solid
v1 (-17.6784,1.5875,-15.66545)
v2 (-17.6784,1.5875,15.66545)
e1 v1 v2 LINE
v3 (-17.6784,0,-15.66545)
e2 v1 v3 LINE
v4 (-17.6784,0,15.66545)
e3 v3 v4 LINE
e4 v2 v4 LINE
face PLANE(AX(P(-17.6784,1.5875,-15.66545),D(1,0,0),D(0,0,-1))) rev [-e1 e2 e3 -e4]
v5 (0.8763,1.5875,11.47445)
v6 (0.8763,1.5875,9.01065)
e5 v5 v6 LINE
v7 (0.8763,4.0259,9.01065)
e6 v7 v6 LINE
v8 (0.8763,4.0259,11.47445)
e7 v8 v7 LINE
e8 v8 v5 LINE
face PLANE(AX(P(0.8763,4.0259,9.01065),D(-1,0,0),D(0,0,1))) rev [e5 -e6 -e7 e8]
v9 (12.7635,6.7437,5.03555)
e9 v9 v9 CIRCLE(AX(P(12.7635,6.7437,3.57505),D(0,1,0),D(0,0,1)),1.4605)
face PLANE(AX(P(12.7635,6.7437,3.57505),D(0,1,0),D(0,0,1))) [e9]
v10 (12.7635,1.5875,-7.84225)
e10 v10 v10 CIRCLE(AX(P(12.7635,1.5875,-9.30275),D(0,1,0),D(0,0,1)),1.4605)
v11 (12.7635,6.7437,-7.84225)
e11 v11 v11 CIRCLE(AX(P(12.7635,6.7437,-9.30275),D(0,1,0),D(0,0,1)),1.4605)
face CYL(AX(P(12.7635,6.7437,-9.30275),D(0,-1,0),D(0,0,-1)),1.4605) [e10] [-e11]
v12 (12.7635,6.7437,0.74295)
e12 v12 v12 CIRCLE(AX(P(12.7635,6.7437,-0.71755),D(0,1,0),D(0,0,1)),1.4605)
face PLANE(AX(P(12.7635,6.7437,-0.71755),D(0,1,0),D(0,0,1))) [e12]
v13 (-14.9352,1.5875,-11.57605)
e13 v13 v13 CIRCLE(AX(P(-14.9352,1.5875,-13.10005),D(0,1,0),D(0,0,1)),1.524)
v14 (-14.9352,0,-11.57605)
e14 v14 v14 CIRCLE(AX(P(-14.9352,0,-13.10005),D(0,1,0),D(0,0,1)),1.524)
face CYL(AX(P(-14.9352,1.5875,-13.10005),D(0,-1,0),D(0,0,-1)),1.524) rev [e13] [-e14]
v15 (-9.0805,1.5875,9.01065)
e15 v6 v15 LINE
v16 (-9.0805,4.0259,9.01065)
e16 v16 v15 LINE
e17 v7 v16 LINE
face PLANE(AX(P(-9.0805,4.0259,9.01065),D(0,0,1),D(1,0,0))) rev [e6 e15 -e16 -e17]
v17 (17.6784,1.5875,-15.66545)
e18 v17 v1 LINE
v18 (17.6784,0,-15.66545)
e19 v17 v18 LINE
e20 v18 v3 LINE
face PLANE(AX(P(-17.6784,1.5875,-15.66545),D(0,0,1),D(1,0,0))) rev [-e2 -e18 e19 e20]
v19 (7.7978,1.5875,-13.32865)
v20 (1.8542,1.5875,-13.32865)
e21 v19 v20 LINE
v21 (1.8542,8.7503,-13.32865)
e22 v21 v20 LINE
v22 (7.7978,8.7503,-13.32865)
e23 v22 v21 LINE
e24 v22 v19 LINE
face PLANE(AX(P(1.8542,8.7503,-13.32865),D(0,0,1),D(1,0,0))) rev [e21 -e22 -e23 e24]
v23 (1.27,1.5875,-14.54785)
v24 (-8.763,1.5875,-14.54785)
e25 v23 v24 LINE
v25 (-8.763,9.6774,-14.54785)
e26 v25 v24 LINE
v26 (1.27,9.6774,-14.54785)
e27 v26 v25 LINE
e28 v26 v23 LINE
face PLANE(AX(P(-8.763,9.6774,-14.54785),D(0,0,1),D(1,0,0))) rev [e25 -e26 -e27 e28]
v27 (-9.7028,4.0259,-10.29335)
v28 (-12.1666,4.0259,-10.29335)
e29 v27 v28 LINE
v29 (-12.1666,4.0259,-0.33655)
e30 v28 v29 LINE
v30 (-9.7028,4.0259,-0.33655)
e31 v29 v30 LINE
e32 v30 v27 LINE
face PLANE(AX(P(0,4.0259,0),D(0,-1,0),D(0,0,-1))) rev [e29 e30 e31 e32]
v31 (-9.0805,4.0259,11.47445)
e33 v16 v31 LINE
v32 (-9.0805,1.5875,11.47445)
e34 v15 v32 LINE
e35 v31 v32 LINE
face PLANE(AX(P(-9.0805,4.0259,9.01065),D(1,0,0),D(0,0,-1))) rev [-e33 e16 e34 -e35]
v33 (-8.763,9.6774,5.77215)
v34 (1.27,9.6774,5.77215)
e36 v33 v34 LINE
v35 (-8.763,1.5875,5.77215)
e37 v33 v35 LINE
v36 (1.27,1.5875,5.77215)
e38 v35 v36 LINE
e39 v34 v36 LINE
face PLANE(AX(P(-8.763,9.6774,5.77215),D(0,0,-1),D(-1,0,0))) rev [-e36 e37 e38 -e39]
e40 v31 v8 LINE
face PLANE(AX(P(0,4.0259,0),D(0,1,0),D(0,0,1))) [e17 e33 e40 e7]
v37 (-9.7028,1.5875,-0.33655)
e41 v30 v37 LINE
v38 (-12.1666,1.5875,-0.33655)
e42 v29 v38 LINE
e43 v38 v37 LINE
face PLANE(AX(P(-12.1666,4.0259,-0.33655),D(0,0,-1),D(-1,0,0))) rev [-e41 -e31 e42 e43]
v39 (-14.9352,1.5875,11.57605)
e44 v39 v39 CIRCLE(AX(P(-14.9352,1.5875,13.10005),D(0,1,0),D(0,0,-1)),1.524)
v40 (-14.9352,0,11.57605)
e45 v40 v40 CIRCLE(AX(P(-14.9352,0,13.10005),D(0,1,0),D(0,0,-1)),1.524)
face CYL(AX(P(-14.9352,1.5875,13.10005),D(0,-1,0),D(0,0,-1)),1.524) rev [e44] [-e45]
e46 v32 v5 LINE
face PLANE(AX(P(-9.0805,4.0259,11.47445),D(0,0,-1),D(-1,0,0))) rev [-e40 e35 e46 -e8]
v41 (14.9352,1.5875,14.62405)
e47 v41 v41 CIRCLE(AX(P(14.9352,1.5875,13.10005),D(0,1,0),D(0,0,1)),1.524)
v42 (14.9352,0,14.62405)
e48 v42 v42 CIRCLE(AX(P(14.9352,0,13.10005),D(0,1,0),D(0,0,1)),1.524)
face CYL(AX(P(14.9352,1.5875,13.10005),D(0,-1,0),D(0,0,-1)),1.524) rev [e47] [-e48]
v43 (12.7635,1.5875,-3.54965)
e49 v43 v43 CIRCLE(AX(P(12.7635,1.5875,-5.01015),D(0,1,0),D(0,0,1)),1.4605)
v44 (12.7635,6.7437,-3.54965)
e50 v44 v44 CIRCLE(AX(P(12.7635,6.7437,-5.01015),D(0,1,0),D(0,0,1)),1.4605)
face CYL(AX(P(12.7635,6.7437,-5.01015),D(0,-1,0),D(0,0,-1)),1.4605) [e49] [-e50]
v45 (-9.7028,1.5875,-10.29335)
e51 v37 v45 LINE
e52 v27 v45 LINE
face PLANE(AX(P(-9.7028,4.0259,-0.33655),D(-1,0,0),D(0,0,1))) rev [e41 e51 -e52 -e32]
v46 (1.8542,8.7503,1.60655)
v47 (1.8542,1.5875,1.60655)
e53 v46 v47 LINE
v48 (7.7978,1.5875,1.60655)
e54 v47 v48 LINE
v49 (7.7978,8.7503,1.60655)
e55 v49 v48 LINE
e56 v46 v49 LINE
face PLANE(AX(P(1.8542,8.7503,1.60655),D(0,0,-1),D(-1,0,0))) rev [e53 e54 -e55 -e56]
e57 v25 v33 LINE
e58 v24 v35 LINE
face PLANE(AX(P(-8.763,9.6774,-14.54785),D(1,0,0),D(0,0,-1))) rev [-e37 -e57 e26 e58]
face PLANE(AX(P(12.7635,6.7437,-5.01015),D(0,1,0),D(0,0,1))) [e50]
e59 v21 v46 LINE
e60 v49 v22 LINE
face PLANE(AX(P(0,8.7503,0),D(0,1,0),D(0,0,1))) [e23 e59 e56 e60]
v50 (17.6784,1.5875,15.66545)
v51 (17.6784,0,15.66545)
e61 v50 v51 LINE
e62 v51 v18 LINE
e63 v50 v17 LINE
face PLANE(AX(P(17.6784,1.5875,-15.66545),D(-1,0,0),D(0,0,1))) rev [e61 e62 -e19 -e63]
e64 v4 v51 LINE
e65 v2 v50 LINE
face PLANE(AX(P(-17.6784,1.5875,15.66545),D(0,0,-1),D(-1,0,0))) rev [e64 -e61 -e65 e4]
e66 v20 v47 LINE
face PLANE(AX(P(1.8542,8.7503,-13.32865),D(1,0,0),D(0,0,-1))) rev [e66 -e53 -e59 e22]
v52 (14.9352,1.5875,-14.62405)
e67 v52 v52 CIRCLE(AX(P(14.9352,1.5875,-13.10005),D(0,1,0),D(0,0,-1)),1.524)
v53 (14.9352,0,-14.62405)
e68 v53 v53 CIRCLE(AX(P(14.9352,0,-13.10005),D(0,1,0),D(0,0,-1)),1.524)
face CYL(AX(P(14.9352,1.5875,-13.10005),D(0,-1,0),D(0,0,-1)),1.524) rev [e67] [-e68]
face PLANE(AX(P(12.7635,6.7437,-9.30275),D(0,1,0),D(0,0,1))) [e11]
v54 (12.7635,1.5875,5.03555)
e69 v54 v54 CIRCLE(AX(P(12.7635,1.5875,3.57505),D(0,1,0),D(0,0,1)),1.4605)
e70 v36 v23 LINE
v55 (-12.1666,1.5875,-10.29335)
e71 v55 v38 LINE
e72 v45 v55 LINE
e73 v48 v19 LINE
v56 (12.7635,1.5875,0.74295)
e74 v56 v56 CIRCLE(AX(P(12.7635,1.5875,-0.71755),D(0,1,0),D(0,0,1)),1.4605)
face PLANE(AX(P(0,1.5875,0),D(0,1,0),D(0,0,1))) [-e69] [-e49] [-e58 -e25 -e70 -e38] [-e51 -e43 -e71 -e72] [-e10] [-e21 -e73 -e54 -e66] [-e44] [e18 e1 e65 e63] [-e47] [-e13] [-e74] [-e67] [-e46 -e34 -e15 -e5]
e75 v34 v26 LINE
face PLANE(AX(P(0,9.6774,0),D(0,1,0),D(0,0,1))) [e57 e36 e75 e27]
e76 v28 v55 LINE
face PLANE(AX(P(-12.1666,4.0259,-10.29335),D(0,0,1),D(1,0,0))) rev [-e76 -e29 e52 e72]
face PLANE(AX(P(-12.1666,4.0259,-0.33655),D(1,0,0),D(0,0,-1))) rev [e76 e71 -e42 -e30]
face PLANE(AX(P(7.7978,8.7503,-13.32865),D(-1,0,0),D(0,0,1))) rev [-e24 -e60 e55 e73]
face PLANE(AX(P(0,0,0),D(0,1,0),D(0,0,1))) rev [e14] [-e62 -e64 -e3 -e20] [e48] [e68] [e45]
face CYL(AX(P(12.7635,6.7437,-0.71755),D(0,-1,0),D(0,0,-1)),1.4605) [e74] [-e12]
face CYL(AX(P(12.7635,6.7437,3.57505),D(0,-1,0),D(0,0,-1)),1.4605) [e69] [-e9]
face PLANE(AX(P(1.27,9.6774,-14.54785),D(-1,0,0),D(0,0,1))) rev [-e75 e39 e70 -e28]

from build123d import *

# Parameters (mm, degrees)
SKETCH1_W           = 35.3568
SKETCH1_H           = 31.3309
SKETCH1_R           = 1.524
BOSS_EXTRUDE1_DEPTH = 1.5875
SKETCH2_W           = 2.4638
SKETCH2_H           = 9.9568
SKETCH2_W_2         = 9.9568
SKETCH2_H_2         = 2.4638
BOSS_EXTRUDE2_DEPTH = 2.4384
SKETCH3_W           = 10.033
SKETCH3_H           = 20.32
BOSS_EXTRUDE3_DEPTH = 8.0899
SKETCH4_W           = 5.9436
SKETCH4_H           = 14.9352
BOSS_EXTRUDE4_DEPTH = 7.1628
SKETCH5_R           = 1.4605
BOSS_EXTRUDE5_DEPTH = 5.1562


with BuildPart() as part:
    # Sketch1 → Boss-Extrude1 (new body)
    with BuildSketch(Plane(origin=(0, 0, 0), x_dir=(1, 0, 0), z_dir=(0, 1, 0))):
        Rectangle(SKETCH1_W, SKETCH1_H)
        with Locations((14.9352, -13.10005)):
            Circle(SKETCH1_R, mode=Mode.SUBTRACT)
        with Locations((14.9352, 13.10005)):
            Circle(SKETCH1_R, mode=Mode.SUBTRACT)
        with Locations((-14.9352, -13.10005)):
            Circle(SKETCH1_R, mode=Mode.SUBTRACT)
        with Locations((-14.9352, 13.10005)):
            Circle(SKETCH1_R, mode=Mode.SUBTRACT)
    extrude(amount=BOSS_EXTRUDE1_DEPTH)

    # Sketch2 → Boss-Extrude2 (add)
    with BuildSketch(Plane(origin=(0, 1.5875, 0), x_dir=(1, 0, 0), z_dir=(0, 1, 0))):
        with Locations((-10.9347, 5.31495)):
            Rectangle(SKETCH2_W, SKETCH2_H)
        with Locations((-4.1021, -10.24255)):
            Rectangle(SKETCH2_W_2, SKETCH2_H_2)
    extrude(amount=BOSS_EXTRUDE2_DEPTH)

    # Sketch3 → Boss-Extrude3 (add)
    with BuildSketch(Plane(origin=(0, 1.5875, 0), x_dir=(1, 0, 0), z_dir=(0, 1, 0))):
        with Locations((-3.7465, 4.38785)):
            Rectangle(SKETCH3_W, SKETCH3_H)
    extrude(amount=BOSS_EXTRUDE3_DEPTH)

    # Sketch4 → Boss-Extrude4 (add)
    with BuildSketch(Plane(origin=(0, 1.5875, 0), x_dir=(1, 0, 0), z_dir=(0, 1, 0))):
        with Locations((4.826, 5.86105)):
            Rectangle(SKETCH4_W, SKETCH4_H)
    extrude(amount=BOSS_EXTRUDE4_DEPTH)

    # Sketch5 → Boss-Extrude5 (add)
    with BuildSketch(Plane(origin=(0, 1.5875, 0), x_dir=(1, 0, 0), z_dir=(0, 1, 0))):
        with Locations((12.7635, 9.30275)):
            Circle(SKETCH5_R)
        with Locations((12.7635, 5.01015)):
            Circle(SKETCH5_R)
        with Locations((12.7635, 0.71755)):
            Circle(SKETCH5_R)
        with Locations((12.7635, -3.57505)):
            Circle(SKETCH5_R)
    extrude(amount=BOSS_EXTRUDE5_DEPTH)


solid = part.part
